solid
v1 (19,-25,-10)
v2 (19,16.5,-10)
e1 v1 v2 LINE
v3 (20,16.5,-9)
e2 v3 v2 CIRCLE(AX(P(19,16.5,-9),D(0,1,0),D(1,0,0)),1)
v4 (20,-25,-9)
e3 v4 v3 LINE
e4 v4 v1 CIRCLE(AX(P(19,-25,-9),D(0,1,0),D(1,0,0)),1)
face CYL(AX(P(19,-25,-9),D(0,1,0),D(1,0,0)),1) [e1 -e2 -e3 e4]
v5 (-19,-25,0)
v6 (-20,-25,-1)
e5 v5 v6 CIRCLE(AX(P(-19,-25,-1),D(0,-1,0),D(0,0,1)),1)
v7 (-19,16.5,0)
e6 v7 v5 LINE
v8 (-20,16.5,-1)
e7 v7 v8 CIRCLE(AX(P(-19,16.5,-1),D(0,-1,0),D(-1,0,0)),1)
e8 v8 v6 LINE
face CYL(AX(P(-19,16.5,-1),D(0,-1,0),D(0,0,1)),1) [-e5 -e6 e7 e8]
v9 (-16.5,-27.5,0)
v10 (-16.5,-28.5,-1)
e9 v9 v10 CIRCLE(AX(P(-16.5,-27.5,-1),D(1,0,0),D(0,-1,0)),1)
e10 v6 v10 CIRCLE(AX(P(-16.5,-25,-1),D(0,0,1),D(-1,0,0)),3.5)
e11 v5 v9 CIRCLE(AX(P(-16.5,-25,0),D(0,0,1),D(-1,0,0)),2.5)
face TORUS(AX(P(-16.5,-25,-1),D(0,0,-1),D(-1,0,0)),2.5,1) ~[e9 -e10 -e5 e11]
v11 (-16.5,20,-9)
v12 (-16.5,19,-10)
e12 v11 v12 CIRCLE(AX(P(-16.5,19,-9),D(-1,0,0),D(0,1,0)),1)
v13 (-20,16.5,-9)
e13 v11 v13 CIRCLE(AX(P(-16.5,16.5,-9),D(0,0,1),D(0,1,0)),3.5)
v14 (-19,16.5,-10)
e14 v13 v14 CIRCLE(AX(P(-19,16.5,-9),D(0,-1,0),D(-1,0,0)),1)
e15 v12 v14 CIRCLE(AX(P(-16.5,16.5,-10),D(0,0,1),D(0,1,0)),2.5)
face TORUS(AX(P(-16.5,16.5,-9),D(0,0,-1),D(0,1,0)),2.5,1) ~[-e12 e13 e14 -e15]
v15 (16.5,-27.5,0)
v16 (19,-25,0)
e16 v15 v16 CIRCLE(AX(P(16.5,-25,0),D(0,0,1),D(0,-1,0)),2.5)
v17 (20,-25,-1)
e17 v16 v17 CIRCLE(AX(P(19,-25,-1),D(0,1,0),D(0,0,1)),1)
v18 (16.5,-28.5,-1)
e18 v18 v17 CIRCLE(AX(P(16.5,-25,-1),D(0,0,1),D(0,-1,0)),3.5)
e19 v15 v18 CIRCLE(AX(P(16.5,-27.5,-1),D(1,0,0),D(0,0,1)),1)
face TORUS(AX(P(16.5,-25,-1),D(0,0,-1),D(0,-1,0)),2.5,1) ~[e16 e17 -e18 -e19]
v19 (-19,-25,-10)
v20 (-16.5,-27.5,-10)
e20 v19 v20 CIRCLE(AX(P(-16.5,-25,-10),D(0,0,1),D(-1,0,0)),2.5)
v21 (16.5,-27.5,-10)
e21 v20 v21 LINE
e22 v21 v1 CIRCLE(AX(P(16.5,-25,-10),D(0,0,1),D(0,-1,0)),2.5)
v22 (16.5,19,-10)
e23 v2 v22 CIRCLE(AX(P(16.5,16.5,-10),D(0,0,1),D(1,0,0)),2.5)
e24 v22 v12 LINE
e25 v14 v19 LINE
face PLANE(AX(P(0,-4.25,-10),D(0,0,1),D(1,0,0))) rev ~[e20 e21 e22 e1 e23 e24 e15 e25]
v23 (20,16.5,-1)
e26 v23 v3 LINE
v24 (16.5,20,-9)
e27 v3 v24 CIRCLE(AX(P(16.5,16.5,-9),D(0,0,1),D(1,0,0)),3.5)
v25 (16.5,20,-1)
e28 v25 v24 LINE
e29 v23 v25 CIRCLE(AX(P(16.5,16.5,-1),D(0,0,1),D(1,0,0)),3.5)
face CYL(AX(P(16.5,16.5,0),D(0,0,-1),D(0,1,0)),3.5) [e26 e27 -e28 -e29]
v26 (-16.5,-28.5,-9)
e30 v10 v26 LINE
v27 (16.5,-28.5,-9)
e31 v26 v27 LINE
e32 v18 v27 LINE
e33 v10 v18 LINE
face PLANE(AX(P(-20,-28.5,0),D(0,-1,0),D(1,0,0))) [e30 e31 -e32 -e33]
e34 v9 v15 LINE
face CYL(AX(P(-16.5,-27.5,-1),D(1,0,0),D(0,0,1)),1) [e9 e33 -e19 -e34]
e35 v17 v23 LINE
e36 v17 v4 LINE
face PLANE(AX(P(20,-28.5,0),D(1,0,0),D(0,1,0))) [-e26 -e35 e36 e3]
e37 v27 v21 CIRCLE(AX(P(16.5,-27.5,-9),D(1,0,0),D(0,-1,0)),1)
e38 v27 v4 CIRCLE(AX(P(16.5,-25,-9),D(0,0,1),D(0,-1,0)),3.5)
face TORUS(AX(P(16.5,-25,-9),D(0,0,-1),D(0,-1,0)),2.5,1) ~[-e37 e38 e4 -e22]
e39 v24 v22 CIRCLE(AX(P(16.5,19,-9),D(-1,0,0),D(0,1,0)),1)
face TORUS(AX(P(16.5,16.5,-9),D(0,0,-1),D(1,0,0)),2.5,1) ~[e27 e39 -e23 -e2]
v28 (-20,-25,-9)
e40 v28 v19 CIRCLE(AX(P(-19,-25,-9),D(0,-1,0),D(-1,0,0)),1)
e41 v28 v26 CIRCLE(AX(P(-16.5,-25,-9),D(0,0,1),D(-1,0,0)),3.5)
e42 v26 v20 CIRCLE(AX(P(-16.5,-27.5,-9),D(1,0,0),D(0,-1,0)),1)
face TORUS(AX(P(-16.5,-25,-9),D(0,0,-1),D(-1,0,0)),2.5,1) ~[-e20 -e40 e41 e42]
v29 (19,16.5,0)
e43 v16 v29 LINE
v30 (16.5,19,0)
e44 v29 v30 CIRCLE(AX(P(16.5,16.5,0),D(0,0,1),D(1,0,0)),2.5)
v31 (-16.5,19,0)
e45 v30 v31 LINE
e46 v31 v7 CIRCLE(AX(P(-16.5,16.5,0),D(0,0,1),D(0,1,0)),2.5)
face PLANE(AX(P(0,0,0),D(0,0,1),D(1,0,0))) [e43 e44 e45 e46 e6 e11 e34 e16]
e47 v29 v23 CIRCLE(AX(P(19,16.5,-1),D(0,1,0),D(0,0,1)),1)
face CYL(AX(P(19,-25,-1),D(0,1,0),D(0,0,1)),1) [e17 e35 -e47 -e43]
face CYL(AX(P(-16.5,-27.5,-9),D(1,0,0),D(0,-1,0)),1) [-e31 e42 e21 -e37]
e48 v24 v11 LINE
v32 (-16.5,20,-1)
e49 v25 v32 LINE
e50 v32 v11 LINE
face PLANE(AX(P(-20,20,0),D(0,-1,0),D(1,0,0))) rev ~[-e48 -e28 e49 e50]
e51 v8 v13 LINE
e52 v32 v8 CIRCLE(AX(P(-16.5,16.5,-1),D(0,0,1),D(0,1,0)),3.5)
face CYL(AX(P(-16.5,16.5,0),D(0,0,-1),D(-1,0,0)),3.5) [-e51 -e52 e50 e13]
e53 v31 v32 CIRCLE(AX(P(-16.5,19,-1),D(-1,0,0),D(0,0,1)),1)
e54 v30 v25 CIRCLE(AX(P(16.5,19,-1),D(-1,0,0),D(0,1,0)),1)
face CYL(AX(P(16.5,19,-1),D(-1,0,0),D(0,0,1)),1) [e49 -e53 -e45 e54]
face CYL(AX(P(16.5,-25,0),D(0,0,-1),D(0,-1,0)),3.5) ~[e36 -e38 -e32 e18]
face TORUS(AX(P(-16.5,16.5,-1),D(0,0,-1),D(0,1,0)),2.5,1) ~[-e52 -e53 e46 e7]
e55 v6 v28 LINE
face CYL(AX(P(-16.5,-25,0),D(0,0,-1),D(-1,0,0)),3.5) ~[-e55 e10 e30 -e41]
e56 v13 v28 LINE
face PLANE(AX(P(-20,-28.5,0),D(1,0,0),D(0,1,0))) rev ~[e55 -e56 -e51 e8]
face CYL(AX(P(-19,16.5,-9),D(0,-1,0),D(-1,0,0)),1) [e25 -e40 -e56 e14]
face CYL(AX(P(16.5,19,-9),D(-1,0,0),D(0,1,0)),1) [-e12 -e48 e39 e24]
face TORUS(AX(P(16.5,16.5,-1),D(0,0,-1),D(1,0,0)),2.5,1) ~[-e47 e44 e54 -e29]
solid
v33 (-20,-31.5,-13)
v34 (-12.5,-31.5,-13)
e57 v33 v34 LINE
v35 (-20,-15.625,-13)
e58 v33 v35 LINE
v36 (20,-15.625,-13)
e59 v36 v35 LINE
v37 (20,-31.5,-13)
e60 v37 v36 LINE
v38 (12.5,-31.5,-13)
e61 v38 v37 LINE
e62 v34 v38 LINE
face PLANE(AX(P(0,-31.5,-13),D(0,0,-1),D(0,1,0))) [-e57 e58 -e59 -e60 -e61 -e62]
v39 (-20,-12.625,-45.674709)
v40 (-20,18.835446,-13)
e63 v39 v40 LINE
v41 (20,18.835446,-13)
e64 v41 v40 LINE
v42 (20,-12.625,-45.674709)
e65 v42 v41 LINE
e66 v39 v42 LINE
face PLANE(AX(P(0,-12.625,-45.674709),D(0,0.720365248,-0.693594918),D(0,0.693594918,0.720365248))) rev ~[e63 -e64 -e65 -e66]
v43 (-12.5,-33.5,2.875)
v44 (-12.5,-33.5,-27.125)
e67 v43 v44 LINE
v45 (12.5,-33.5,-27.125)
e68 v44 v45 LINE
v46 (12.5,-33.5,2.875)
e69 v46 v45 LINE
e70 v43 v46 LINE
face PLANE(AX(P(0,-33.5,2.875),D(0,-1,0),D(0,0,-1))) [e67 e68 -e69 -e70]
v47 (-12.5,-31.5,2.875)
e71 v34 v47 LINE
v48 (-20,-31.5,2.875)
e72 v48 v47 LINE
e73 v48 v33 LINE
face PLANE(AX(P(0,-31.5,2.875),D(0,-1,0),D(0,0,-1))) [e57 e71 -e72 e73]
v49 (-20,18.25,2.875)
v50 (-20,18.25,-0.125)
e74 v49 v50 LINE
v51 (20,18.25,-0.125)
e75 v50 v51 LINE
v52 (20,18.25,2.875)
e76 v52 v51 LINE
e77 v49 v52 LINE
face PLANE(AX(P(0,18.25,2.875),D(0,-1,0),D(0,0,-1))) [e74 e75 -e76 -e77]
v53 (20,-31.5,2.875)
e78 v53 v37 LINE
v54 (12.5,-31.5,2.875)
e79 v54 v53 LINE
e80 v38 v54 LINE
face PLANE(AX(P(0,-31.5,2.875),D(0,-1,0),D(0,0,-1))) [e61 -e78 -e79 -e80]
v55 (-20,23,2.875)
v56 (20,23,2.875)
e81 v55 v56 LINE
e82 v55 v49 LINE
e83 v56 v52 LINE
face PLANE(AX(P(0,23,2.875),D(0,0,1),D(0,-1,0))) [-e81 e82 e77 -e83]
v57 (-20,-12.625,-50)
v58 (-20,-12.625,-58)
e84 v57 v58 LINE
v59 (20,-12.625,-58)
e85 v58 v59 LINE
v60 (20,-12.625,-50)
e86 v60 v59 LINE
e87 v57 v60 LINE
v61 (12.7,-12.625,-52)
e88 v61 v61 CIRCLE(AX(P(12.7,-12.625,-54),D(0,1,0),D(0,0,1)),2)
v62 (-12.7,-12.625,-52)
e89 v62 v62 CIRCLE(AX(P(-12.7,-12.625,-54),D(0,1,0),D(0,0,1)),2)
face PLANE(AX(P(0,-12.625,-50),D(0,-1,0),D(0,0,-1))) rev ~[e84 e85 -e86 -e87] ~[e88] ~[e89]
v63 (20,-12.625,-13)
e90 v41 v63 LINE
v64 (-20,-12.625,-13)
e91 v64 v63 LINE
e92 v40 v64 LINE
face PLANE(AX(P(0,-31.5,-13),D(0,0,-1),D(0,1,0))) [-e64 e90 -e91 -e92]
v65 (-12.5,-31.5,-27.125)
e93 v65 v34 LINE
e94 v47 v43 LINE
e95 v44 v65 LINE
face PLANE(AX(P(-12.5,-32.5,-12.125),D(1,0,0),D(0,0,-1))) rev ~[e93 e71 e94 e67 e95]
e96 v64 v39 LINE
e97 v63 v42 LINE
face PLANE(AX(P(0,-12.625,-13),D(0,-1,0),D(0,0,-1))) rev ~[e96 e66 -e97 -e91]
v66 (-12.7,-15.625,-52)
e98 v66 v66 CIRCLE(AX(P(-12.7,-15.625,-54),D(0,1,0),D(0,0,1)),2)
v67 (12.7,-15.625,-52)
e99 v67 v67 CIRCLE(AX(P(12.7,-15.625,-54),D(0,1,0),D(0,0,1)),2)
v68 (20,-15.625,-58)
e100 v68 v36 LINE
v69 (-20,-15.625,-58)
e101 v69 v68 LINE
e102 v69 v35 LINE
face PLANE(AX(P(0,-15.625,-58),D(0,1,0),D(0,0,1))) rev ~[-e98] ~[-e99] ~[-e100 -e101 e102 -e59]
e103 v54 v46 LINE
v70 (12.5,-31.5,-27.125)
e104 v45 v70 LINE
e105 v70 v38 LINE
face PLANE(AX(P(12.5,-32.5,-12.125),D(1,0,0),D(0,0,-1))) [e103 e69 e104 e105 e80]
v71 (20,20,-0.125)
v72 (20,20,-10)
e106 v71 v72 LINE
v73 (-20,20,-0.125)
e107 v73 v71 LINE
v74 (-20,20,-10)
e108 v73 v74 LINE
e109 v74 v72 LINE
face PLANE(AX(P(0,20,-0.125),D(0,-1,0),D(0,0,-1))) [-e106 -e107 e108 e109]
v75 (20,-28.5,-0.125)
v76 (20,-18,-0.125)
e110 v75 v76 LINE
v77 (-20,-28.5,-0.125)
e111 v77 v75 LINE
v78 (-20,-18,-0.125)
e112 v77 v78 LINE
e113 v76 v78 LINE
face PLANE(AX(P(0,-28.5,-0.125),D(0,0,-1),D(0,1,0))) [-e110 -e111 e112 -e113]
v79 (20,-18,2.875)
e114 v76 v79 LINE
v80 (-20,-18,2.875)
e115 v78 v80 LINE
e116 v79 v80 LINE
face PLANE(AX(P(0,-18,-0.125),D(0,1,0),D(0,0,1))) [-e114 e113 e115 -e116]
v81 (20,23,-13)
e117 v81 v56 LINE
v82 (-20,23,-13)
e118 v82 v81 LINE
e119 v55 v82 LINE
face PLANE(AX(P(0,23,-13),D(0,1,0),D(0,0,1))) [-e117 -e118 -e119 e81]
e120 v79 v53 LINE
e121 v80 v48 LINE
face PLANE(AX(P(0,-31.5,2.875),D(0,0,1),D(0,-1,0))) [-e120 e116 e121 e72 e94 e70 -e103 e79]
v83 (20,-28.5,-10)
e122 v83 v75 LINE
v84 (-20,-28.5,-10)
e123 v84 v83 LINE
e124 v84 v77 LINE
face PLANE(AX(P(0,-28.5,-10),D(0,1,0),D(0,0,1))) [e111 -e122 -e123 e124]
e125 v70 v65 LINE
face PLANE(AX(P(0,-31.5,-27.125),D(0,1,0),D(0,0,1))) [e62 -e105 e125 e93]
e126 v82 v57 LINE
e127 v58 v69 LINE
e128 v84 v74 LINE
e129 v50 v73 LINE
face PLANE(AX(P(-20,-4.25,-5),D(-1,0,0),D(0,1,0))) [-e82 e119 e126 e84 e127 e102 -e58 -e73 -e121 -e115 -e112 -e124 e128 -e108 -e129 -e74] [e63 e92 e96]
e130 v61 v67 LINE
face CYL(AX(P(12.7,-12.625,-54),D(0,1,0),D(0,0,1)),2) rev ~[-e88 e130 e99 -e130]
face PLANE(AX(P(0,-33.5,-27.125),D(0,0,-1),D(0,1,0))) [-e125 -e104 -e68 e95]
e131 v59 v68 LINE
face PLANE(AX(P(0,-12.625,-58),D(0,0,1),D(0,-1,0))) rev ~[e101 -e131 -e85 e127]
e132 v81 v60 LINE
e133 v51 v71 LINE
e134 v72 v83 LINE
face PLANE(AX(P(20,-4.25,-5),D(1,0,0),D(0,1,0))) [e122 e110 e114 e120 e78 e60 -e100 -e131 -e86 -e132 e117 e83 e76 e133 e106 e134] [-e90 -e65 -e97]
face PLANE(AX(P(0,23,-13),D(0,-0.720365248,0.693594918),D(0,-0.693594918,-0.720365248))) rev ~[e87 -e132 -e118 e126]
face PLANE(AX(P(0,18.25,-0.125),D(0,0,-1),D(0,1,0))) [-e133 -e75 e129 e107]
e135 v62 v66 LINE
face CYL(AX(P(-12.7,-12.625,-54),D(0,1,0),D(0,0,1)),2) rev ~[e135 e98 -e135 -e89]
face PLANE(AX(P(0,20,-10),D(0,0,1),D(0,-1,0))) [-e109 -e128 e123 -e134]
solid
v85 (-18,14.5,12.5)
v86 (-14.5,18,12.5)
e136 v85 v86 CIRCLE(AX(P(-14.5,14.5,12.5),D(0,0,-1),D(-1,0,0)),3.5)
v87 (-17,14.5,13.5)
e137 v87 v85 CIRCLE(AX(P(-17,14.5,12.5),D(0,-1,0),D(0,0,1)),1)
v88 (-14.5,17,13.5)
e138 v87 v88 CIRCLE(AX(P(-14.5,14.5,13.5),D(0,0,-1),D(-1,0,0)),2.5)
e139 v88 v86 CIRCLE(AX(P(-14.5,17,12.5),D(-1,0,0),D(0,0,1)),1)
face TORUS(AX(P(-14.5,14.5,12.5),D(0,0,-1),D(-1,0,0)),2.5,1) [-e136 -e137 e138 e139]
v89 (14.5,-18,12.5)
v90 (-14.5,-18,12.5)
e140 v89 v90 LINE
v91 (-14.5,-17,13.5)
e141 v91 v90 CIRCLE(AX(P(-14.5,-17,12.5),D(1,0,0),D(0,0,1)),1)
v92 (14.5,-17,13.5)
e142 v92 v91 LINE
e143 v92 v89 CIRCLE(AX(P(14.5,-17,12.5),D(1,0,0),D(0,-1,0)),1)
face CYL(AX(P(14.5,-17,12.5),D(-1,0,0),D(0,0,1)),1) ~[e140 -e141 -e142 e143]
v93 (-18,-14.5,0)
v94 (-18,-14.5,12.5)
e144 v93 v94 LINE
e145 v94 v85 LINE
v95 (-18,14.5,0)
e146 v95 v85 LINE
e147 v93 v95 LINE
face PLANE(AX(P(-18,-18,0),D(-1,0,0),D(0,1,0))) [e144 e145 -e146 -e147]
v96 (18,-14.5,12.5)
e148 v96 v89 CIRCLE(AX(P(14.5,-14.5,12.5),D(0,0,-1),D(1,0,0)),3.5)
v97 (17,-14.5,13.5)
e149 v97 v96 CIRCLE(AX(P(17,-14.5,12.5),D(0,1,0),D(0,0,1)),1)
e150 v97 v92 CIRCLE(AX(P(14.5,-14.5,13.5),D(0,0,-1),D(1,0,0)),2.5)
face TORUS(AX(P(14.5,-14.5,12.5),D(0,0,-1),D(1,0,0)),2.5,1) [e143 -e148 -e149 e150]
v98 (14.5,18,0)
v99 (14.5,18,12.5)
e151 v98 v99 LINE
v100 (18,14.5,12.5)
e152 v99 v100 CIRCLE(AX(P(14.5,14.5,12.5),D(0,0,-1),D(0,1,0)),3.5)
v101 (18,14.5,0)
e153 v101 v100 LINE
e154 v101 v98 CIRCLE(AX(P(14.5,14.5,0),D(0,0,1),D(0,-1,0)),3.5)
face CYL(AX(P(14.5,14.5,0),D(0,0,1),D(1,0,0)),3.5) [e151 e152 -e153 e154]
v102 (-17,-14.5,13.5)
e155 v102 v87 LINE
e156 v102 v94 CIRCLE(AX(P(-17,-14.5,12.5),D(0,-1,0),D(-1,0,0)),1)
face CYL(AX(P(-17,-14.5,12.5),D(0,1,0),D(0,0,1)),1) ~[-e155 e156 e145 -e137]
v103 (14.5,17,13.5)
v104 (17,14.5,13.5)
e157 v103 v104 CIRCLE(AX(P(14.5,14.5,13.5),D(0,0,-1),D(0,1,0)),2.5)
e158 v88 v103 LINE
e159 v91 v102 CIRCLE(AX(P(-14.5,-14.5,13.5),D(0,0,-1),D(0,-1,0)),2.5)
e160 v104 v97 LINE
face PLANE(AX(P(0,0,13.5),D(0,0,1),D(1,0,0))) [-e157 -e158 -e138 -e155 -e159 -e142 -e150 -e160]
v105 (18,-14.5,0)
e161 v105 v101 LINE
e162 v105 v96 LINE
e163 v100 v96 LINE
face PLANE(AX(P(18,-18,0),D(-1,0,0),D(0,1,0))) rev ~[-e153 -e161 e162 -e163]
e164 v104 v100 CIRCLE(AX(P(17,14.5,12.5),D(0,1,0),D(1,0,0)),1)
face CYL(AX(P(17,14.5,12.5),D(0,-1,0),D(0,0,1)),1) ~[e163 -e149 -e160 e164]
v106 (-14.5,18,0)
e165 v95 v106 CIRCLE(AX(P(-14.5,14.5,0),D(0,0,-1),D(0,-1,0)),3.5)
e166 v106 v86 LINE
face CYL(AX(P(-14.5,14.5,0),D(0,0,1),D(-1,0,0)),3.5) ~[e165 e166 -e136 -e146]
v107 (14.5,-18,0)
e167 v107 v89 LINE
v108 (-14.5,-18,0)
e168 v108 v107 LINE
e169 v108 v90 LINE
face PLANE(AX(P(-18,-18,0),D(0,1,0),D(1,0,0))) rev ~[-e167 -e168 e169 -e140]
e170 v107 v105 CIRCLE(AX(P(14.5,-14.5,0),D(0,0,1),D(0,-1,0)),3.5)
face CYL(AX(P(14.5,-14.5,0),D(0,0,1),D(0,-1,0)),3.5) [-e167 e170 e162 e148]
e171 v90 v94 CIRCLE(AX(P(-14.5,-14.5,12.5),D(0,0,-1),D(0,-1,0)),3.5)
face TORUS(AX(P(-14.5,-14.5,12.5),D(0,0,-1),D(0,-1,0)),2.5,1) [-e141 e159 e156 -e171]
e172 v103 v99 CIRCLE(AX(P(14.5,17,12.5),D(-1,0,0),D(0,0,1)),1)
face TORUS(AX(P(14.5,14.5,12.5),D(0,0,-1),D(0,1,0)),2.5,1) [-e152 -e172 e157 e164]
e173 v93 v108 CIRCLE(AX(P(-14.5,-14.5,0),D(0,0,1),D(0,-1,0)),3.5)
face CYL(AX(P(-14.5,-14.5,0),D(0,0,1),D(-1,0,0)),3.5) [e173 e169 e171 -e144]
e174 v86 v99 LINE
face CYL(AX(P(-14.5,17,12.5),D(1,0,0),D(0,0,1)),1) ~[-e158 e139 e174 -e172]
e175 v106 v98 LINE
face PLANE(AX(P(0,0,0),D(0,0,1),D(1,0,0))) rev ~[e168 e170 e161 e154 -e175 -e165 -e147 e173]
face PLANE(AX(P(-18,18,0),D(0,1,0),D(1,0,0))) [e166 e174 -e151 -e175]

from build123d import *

# Parameters (mm, degrees)
SKETCH1_W                       = 36
SKETCH1_H                       = 36
BOSS_EXTRUDE1_DEPTH             = 13.5
SKETCH1_3_W                     = 40
SKETCH1_3_H                     = 48.5
SKETCH1_3_W_2                   = 36
SKETCH1_3_H_2                   = 36
BOSS_EXTRUDE2_DEPTH             = 10
FILLET1_R                       = 3.5
FILLET2_R                       = 3.5
FILLET3_R                       = 1
FILLET4_R                       = 1
FILLET5_R                       = 1
BOSS_EXTRUDE3_REACH             = 39.343
BOSS_EXTRUDE3_DIRECTION_2_REACH = 39.343
BOSS_EXTRUDE4_REACH             = 41.68
BOSS_EXTRUDE4_DIRECTION_2_REACH = 41.68
BOSS_EXTRUDE5_DEPTH             = 12.5
SKETCH9_R                       = 2
CUT_EXTRUDE3_DEPTH              = 71.944630699


with BuildPart() as part:
    # Sketch1 → Boss-Extrude1 (new body)
    with BuildSketch(Plane.XY):
        Rectangle(SKETCH1_W, SKETCH1_H)
    extrude(amount=BOSS_EXTRUDE1_DEPTH)

    # Fillet2
    fillet2_edges = [part.edges().sort_by_distance(p)[0] for p in [
        (-18, 18, 6.75),
        (-18, -18, 6.75),
        (18, -18, 6.75),
        (18, 18, 6.75),
    ]]
    fillet(fillet2_edges, radius=FILLET2_R)

    # Fillet5
    fillet5_edges = [part.edges().sort_by_distance(p)[0] for p in [
        (0, 18, 13.5),
        (18, 0, 13.5),
        (-18, 0, 13.5),
        (0, -18, 13.5),
        (-16.974873734, 16.974873734, 13.5),
        (-16.974873734, -16.974873734, 13.5),
        (16.974873734, -16.974873734, 13.5),
        (16.974873734, 16.974873734, 13.5),
    ]]
    fillet(fillet5_edges, radius=FILLET5_R)


with BuildPart() as body_2:
    # Sketch1<3> → Boss-Extrude2 (new body)
    # profile 1 of 2: a face of its own
    with BuildSketch(Plane.XY):
        with Locations((0, -4.25)):
            Rectangle(SKETCH1_3_W, SKETCH1_3_H)
        Rectangle(SKETCH1_3_W_2, SKETCH1_3_H_2, mode=Mode.SUBTRACT)
    # profile 2 of 2: a face of its own
    with BuildSketch(Plane.XY):
        Rectangle(SKETCH1_3_W_2, SKETCH1_3_H_2)
    extrude(amount=-BOSS_EXTRUDE2_DEPTH)

    # Fillet1
    fillet1_edges = [body_2.edges().sort_by_distance(p)[0] for p in [
        (20, -28.5, -5),
        (-20, -28.5, -5),
        (-20, 20, -5),
        (20, 20, -5),
    ]]
    fillet(fillet1_edges, radius=FILLET1_R)

    # Fillet3
    fillet3_edges = [body_2.edges().sort_by_distance(p)[0] for p in [
        (20, -4.25, 0),
        (0, 20, 0),
        (-20, -4.25, 0),
        (0, -28.5, 0),
        (-18.974873734, 18.974873734, 0),
        (18.974873734, -27.474873734, 0),
        (-18.974873734, -27.474873734, 0),
        (18.974873734, 18.974873734, 0),
    ]]
    fillet(fillet3_edges, radius=FILLET3_R)

    # Fillet4
    fillet4_edges = [body_2.edges().sort_by_distance(p)[0] for p in [
        (20, -4.25, -10),
        (0, 20, -10),
        (0, -28.5, -10),
        (-20, -4.25, -10),
        (-18.974873734, 18.974873734, -10),
        (18.974873734, -27.474873734, -10),
        (-18.974873734, -27.474873734, -10),
        (18.974873734, 18.974873734, -10),
    ]]
    fillet(fillet4_edges, radius=FILLET4_R)


with BuildPart() as body_3:

    # Boss-Extrude3: up to this face of the body (flat: up to its plane)
    boss_extrude3_end = Plane(body_2.part.faces().sort_by_distance((20, -4.25, -5))[0])
    # Sketch2 → Boss-Extrude3 (new, up to the picked face)
    with BuildSketch(Plane(origin=(0, 0, 0), x_dir=(0, 0, -1), z_dir=(1, 0, 0)), mode=Mode.PRIVATE) as boss_extrude3_sk1:
        Polygon((-2.875, -18), (-2.875, -31.5), (13, -31.5), (13, 20), (13, 23), (-2.875, 23), (-2.875, 18.25), (0.125, 18.25), (0.125, 20), (10, 20), (10, -28.5), (0.125, -28.5), (0.125, -18), align=None)
    boss_extrude3_tool1 = split(extrude(boss_extrude3_sk1.sketch, amount=BOSS_EXTRUDE3_REACH, mode=Mode.PRIVATE), bisect_by=boss_extrude3_end, keep=Keep.BOTH, mode=Mode.PRIVATE)
    add(boss_extrude3_tool1.solids().sort_by(Axis((0, -24.75, 2.30735), (1, 0, 0)))[0])


    # Boss-Extrude3 direction 2: up to this face of the body (flat: up to its plane)
    boss_extrude3_direction_2_end = Plane(body_2.part.faces().sort_by_distance((-20, -4.25, -5))[0])
    # Sketch2 → Boss-Extrude3 direction 2 (add, up to the picked face)
    with BuildSketch(Plane(origin=(0, 0, 0), x_dir=(0, 0, -1), z_dir=(1, 0, 0)), mode=Mode.PRIVATE) as boss_extrude3_direction_2_sk1:
        Polygon((-2.875, -18), (-2.875, -31.5), (13, -31.5), (13, 20), (13, 23), (-2.875, 23), (-2.875, 18.25), (0.125, 18.25), (0.125, 20), (10, 20), (10, -28.5), (0.125, -28.5), (0.125, -18), align=None)
    boss_extrude3_direction_2_tool1 = split(extrude(boss_extrude3_direction_2_sk1.sketch, amount=-BOSS_EXTRUDE3_DIRECTION_2_REACH, mode=Mode.PRIVATE), bisect_by=boss_extrude3_direction_2_end, keep=Keep.BOTH, mode=Mode.PRIVATE)
    add(boss_extrude3_direction_2_tool1.solids().sort_by(Axis((0, -24.75, 2.30735), (-1, 0, 0)))[0])


    # Boss-Extrude4: up to this face of the body (flat: up to its plane)
    boss_extrude4_end = Plane(body_2.part.faces().sort_by_distance((20, -4.25, -5))[0])
    # Sketch3 → Boss-Extrude4 (add, up to the picked face)
    with BuildSketch(Plane(origin=(0, 0, 0), x_dir=(0, 0, -1), z_dir=(1, 0, 0)), mode=Mode.PRIVATE) as boss_extrude4_sk1:
        Polygon((58, -15.625), (10, -15.625), (10, 23), (13, 23), (50, -12.625), (58, -12.625), align=None)
        Polygon((13, 18.835445964), (13, -12.625), (45.674708791, -12.625), align=None, mode=Mode.SUBTRACT)
    boss_extrude4_tool1 = split(extrude(boss_extrude4_sk1.sketch, amount=BOSS_EXTRUDE4_REACH, mode=Mode.PRIVATE), bisect_by=boss_extrude4_end, keep=Keep.BOTH, mode=Mode.PRIVATE)
    add(boss_extrude4_tool1.solids().sort_by(Axis((0, -15.008892, -34), (1, 0, 0)))[0])


    # Boss-Extrude4 direction 2: up to this face of the body (flat: up to its plane)
    boss_extrude4_direction_2_end = Plane(body_2.part.faces().sort_by_distance((-20, -4.25, -5))[0])
    # Sketch3 → Boss-Extrude4 direction 2 (add, up to the picked face)
    with BuildSketch(Plane(origin=(0, 0, 0), x_dir=(0, 0, -1), z_dir=(1, 0, 0)), mode=Mode.PRIVATE) as boss_extrude4_direction_2_sk1:
        Polygon((58, -15.625), (10, -15.625), (10, 23), (13, 23), (50, -12.625), (58, -12.625), align=None)
        Polygon((13, 18.835445964), (13, -12.625), (45.674708791, -12.625), align=None, mode=Mode.SUBTRACT)
    boss_extrude4_direction_2_tool1 = split(extrude(boss_extrude4_direction_2_sk1.sketch, amount=-BOSS_EXTRUDE4_DIRECTION_2_REACH, mode=Mode.PRIVATE), bisect_by=boss_extrude4_direction_2_end, keep=Keep.BOTH, mode=Mode.PRIVATE)
    add(boss_extrude4_direction_2_tool1.solids().sort_by(Axis((0, -15.008892, -34), (-1, 0, 0)))[0])

    # Sketch8 → Boss-Extrude5 (add, symmetric)
    with BuildSketch(Plane(origin=(0, 0, 0), x_dir=(0, 0, -1), z_dir=(1, 0, 0))):
        Polygon((-2.875, -31.5), (-2.875, -33.5), (27.125, -33.5), (27.125, -31.5), (13, -31.5), align=None)
    extrude(amount=BOSS_EXTRUDE5_DEPTH, both=True)

    # Sketch9 → Cut-Extrude3 (cut, through all)
    with BuildSketch(Plane(origin=(0, -12.625, 0), x_dir=(1, 0, 0), z_dir=(0, 1, 0))):
        with Locations(Location((12.7, 54, 0), (0, 0, 270))):
            Circle(SKETCH9_R)
        with Locations(Location((-12.7, 54, 0), (0, 0, 270))):
            Circle(SKETCH9_R)
    extrude(amount=-CUT_EXTRUDE3_DEPTH, mode=Mode.SUBTRACT)


solid = Compound([part.part, body_2.part, body_3.part])
